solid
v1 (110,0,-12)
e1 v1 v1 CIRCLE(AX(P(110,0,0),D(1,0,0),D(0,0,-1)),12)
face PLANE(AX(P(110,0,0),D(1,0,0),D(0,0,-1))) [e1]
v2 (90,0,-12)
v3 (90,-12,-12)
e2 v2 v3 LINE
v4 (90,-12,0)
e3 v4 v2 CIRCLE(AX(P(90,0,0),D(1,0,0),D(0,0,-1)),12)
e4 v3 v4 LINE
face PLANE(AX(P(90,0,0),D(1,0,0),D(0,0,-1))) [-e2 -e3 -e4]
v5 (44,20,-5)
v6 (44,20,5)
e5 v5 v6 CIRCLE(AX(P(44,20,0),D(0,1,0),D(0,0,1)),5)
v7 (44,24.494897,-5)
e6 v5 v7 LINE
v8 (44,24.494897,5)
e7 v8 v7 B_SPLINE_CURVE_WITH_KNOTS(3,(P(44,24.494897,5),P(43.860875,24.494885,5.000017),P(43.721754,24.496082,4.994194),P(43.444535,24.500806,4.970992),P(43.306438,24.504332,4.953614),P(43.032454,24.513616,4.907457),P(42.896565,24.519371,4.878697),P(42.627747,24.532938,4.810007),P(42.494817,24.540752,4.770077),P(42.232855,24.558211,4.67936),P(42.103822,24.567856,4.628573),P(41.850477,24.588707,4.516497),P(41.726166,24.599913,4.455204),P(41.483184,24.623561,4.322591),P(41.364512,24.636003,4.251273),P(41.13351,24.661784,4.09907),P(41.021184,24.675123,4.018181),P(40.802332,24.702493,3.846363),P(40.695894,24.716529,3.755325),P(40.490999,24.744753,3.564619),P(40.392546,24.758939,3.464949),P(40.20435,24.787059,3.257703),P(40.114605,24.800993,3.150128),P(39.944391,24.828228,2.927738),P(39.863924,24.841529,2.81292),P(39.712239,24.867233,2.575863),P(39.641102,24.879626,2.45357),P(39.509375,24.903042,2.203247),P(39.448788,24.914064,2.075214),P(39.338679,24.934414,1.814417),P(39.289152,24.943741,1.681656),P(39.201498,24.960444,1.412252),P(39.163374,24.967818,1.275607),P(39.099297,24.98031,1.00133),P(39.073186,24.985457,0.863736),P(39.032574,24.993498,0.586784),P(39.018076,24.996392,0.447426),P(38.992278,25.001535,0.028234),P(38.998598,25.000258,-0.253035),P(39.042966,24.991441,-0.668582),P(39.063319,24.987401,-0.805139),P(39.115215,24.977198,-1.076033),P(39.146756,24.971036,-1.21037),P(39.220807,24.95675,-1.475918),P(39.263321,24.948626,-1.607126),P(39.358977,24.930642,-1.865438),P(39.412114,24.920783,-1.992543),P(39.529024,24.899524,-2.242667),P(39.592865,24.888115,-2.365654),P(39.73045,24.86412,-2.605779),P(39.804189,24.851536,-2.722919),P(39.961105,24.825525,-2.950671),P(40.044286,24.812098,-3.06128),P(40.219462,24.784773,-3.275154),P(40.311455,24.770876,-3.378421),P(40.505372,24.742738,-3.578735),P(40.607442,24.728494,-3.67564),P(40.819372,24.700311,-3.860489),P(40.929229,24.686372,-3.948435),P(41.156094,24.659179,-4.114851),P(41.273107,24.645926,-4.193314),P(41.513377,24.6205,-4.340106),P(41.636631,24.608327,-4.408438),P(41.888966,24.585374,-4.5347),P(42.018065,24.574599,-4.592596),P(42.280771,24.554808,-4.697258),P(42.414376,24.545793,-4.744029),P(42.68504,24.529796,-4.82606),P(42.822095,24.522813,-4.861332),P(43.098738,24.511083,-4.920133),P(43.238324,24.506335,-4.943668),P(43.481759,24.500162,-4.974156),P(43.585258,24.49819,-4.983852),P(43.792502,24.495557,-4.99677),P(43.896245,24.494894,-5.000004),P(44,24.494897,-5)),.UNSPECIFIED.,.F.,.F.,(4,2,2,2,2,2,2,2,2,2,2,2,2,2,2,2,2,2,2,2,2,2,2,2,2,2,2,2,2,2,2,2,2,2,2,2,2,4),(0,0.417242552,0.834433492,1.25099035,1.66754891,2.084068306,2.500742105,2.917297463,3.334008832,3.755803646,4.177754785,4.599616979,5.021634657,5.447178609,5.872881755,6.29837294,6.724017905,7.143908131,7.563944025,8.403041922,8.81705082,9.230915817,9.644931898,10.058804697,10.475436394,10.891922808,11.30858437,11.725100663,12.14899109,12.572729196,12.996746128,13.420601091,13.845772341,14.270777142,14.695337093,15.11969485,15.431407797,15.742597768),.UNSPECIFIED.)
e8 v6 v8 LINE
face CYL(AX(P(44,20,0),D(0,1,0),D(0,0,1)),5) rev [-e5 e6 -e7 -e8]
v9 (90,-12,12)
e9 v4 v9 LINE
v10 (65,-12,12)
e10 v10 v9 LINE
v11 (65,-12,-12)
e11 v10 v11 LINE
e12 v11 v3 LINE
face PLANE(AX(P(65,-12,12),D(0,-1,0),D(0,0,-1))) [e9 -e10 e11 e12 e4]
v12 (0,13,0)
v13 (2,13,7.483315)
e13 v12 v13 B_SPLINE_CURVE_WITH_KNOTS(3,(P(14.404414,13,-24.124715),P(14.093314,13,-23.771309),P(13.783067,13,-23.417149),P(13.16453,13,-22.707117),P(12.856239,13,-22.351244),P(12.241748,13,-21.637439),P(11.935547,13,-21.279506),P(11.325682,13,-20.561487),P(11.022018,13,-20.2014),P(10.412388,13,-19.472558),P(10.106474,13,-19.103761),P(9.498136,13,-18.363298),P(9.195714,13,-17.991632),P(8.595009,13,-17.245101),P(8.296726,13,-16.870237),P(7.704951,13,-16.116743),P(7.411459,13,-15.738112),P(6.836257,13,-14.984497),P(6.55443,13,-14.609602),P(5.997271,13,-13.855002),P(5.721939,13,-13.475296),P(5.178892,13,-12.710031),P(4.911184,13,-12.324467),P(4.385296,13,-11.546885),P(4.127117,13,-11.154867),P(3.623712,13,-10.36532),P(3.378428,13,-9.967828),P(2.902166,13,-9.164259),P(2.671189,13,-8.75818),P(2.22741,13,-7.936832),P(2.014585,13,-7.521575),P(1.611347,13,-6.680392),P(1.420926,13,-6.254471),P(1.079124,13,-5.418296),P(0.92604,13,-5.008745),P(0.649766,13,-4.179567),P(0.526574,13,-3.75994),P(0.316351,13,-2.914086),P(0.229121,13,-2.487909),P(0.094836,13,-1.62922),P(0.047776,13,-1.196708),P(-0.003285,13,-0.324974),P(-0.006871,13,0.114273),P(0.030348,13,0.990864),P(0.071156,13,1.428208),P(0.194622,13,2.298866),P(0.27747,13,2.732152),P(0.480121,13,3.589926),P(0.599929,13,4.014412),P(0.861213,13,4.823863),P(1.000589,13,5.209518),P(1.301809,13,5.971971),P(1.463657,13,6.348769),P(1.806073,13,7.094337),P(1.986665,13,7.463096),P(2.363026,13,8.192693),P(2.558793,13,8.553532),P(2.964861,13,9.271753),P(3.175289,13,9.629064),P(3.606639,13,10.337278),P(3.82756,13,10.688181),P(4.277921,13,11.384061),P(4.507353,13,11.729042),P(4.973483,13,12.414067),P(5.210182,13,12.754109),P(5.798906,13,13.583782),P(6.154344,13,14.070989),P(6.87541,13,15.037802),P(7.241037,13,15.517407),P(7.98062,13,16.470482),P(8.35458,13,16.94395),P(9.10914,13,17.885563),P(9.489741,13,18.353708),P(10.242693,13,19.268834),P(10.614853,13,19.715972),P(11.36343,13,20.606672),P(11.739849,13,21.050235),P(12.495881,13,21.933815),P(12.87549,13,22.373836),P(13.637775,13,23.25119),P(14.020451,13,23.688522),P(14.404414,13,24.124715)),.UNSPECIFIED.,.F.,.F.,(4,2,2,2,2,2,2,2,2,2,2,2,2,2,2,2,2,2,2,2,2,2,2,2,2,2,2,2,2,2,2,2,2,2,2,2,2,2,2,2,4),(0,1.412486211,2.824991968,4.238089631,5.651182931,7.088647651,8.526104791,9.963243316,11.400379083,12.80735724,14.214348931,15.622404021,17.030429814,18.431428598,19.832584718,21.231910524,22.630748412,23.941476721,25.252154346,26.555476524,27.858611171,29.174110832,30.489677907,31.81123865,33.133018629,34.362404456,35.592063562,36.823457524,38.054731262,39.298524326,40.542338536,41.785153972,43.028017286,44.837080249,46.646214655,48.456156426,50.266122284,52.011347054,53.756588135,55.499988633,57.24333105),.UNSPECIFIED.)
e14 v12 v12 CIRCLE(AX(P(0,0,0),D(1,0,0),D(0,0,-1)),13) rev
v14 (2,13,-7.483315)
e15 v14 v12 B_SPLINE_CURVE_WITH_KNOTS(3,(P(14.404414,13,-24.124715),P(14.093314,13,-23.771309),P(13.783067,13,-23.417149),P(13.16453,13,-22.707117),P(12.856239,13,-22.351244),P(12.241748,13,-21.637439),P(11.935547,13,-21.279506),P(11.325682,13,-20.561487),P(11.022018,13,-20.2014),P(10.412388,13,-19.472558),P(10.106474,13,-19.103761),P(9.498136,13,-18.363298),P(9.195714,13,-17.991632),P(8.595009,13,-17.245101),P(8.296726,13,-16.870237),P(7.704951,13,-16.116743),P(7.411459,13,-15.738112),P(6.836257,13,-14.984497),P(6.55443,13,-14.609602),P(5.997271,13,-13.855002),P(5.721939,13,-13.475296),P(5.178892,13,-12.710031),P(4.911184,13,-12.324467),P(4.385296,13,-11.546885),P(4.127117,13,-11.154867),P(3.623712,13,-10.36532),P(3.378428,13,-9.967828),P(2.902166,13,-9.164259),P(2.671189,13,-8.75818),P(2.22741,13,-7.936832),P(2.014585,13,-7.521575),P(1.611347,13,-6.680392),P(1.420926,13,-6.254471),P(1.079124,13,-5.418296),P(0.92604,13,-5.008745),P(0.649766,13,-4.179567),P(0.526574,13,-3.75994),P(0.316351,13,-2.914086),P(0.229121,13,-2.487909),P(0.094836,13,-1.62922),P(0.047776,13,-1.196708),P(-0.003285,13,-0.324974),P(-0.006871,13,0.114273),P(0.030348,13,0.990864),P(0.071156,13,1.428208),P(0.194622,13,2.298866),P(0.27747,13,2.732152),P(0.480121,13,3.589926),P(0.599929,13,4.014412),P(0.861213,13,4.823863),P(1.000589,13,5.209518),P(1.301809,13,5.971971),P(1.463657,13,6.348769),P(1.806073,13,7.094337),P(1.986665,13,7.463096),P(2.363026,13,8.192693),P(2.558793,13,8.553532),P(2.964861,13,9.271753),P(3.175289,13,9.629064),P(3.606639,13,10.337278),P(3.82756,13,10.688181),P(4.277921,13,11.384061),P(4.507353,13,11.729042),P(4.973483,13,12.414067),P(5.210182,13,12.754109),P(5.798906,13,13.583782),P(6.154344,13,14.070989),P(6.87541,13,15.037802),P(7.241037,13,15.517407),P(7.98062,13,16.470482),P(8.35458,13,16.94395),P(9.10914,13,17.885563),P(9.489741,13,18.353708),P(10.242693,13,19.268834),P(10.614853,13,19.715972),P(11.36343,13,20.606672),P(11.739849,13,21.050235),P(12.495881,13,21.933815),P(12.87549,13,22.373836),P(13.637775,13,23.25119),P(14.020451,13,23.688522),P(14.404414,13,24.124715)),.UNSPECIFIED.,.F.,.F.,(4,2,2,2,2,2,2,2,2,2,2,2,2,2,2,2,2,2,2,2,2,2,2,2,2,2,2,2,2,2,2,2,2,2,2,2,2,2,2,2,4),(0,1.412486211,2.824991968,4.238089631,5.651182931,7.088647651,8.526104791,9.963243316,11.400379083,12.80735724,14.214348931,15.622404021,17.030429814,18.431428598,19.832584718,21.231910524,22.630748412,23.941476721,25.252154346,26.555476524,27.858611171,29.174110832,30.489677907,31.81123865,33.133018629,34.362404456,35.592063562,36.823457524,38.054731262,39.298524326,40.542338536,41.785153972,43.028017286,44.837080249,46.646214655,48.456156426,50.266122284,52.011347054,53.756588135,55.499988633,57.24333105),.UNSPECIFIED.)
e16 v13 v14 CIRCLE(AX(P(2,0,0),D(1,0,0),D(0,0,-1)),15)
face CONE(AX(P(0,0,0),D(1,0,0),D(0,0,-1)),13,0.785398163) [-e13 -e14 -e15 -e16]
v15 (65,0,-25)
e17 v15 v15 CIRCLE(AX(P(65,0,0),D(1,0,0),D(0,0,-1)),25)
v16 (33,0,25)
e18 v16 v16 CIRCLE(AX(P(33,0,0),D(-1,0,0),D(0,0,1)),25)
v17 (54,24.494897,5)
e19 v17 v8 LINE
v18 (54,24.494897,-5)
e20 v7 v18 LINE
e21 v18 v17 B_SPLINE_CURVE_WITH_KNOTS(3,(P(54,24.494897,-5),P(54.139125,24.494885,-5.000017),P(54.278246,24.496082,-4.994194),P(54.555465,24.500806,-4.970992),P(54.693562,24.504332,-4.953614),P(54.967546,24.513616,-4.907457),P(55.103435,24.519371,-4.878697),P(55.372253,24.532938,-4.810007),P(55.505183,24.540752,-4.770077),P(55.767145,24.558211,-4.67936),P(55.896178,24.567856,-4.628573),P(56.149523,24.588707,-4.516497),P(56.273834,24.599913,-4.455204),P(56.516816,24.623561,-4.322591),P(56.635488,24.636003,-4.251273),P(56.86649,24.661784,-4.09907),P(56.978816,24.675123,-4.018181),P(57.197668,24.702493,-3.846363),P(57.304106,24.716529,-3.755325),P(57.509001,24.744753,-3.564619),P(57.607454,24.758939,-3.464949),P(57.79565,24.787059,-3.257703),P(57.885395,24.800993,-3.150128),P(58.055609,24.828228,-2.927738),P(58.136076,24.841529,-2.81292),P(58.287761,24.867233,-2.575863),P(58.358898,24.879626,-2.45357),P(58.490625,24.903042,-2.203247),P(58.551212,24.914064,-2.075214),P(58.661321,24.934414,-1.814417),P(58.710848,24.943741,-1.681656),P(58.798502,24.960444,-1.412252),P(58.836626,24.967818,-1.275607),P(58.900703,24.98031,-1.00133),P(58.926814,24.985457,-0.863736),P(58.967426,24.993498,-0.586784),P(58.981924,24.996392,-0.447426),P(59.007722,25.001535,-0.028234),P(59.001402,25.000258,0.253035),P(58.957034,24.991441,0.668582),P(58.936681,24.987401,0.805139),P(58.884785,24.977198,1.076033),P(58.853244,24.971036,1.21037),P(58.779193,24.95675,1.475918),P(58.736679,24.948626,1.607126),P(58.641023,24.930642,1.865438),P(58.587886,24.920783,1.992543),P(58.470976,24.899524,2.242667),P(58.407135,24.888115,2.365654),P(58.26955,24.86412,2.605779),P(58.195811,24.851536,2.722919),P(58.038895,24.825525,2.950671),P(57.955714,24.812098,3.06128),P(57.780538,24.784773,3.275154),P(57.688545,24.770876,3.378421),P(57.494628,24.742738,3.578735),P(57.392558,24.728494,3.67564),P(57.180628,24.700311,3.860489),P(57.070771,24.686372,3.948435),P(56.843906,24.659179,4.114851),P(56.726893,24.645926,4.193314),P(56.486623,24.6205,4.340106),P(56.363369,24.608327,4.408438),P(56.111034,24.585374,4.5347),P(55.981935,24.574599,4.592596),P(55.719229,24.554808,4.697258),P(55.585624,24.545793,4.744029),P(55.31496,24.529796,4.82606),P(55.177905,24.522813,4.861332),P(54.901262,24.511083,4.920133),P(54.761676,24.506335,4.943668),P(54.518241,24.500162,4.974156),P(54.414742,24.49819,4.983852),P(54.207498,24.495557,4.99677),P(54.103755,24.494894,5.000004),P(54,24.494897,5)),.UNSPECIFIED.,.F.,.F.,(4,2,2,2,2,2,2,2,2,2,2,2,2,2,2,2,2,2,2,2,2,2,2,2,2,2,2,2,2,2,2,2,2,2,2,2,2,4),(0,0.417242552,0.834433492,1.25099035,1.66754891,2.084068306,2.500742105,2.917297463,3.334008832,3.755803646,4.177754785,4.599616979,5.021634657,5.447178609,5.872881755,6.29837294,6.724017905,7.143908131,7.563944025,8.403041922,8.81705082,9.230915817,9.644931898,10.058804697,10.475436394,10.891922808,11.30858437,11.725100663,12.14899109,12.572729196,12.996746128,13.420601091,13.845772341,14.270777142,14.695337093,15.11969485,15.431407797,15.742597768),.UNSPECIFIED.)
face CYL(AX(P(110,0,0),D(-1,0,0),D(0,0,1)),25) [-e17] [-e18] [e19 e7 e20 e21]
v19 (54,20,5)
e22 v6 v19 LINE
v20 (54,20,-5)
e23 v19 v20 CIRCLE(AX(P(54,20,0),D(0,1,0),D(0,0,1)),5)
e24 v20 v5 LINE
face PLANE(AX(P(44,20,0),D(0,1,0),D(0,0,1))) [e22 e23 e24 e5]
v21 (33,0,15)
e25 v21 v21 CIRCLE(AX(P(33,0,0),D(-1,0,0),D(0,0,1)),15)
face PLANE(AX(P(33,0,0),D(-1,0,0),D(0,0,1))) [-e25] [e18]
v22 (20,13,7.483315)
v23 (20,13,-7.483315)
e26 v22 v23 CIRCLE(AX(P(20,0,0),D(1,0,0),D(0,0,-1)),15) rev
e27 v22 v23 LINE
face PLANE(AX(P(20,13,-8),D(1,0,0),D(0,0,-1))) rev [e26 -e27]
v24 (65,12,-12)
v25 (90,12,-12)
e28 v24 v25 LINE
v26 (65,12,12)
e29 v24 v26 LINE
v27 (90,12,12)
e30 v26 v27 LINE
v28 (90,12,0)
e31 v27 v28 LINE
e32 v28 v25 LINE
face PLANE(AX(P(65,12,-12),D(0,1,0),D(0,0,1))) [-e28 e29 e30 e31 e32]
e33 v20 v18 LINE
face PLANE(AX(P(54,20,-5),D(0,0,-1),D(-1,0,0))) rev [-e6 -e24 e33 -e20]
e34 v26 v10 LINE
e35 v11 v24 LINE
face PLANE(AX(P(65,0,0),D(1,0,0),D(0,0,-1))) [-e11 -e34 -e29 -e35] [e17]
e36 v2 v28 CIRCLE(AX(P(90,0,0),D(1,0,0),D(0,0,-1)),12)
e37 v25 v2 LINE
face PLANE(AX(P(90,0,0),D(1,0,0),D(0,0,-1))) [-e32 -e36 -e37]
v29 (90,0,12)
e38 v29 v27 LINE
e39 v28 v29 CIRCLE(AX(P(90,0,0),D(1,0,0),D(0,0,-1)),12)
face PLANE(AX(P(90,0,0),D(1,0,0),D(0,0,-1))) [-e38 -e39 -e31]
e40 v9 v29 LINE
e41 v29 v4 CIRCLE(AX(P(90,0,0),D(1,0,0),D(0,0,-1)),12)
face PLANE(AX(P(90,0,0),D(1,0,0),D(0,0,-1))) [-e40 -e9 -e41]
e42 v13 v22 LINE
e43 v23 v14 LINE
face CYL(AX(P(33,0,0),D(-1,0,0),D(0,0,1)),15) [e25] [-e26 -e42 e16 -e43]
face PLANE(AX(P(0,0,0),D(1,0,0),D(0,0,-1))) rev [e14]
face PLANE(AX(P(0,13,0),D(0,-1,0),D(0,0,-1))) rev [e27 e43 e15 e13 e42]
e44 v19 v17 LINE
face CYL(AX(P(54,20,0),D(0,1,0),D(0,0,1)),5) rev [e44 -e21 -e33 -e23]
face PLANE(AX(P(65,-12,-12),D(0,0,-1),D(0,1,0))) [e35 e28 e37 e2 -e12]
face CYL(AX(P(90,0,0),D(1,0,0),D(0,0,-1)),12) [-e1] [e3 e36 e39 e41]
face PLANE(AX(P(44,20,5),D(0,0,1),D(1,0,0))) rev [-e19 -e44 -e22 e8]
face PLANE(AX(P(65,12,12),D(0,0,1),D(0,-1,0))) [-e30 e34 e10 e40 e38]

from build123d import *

# Parameters (mm, degrees)
SKETCH1_R           = 25
BOSS_EXTRUDE1_DEPTH = 110
SKETCH2_OUTSIDE_W   = 78.154
SKETCH2_OUTSIDE_H   = 78.154
SKETCH2_OUTSIDE_W_2 = 24
SKETCH2_OUTSIDE_H_2 = 24
CUT_EXTRUDE1_DEPTH  = 45
SKETCH3_OUTSIDE_W   = 78.154
SKETCH3_OUTSIDE_H   = 78.154
SKETCH3_OUTSIDE_R   = 12
CUT_EXTRUDE2_DEPTH  = 20
SKETCH4_OUTSIDE_W   = 78.154
SKETCH4_OUTSIDE_H   = 78.154
SKETCH4_OUTSIDE_R   = 15
CUT_EXTRUDE3_DEPTH  = 33
CHAMFER1_SIZE       = 2
SKETCH5_W           = 20
SKETCH5_H           = 16
CUT_EXTRUDE4_DEPTH  = 2
CUT_EXTRUDE5_DEPTH  = 5


with BuildPart() as part:
    # Sketch1 → Boss-Extrude1 (new body)
    with BuildSketch(Plane(origin=(0, 0, 0), x_dir=(0, 0, -1), z_dir=(1, 0, 0))):
        Circle(SKETCH1_R)
    extrude(amount=BOSS_EXTRUDE1_DEPTH)

    # Sketch2 outside → Cut-Extrude1 (cut)
    with BuildSketch(Plane(origin=(110, 0, 0), x_dir=(0, 0, -1), z_dir=(1, 0, 0))):
        Rectangle(SKETCH2_OUTSIDE_W, SKETCH2_OUTSIDE_H)
        Rectangle(SKETCH2_OUTSIDE_W_2, SKETCH2_OUTSIDE_H_2, mode=Mode.SUBTRACT)
    extrude(amount=-CUT_EXTRUDE1_DEPTH, mode=Mode.SUBTRACT)

    # Sketch3 outside → Cut-Extrude2 (cut)
    with BuildSketch(Plane(origin=(110, 0, 0), x_dir=(0, 0, -1), z_dir=(1, 0, 0))):
        Rectangle(SKETCH3_OUTSIDE_W, SKETCH3_OUTSIDE_H)
        Circle(SKETCH3_OUTSIDE_R, mode=Mode.SUBTRACT)
    extrude(amount=-CUT_EXTRUDE2_DEPTH, mode=Mode.SUBTRACT)

    # Sketch4 outside → Cut-Extrude3 (cut)
    with BuildSketch(Plane.ZY):
        Rectangle(SKETCH4_OUTSIDE_W, SKETCH4_OUTSIDE_H)
        Circle(SKETCH4_OUTSIDE_R, mode=Mode.SUBTRACT)
    extrude(amount=-CUT_EXTRUDE3_DEPTH, mode=Mode.SUBTRACT)

    # Chamfer1
    chamfer1_edges = [part.edges().sort_by_distance(p)[0] for p in [
        (0, 0, -15),
    ]]
    chamfer(chamfer1_edges, length=CHAMFER1_SIZE)

    # Sketch5 → Cut-Extrude4 (cut)
    with BuildSketch(Plane(origin=(0, 15, 0), x_dir=(1, 0, 0), z_dir=(0, 1, 0))):
        with Locations((10, 0)):
            Rectangle(SKETCH5_W, SKETCH5_H)
    extrude(amount=-CUT_EXTRUDE4_DEPTH, mode=Mode.SUBTRACT)

    # Sketch6 → Cut-Extrude5 (cut)
    with BuildSketch(Plane(origin=(0, 25, 0), x_dir=(1, 0, 0), z_dir=(0, 1, 0))):
        with BuildLine():
            Line((44, -5), (54, -5))
            ThreePointArc((54, -5), (59, 0), (54, 5))
            Line((54, 5), (44, 5))
            ThreePointArc((44, 5), (39, 0), (44, -5))
        make_face()
    extrude(amount=-CUT_EXTRUDE5_DEPTH, mode=Mode.SUBTRACT)


solid = part.part
